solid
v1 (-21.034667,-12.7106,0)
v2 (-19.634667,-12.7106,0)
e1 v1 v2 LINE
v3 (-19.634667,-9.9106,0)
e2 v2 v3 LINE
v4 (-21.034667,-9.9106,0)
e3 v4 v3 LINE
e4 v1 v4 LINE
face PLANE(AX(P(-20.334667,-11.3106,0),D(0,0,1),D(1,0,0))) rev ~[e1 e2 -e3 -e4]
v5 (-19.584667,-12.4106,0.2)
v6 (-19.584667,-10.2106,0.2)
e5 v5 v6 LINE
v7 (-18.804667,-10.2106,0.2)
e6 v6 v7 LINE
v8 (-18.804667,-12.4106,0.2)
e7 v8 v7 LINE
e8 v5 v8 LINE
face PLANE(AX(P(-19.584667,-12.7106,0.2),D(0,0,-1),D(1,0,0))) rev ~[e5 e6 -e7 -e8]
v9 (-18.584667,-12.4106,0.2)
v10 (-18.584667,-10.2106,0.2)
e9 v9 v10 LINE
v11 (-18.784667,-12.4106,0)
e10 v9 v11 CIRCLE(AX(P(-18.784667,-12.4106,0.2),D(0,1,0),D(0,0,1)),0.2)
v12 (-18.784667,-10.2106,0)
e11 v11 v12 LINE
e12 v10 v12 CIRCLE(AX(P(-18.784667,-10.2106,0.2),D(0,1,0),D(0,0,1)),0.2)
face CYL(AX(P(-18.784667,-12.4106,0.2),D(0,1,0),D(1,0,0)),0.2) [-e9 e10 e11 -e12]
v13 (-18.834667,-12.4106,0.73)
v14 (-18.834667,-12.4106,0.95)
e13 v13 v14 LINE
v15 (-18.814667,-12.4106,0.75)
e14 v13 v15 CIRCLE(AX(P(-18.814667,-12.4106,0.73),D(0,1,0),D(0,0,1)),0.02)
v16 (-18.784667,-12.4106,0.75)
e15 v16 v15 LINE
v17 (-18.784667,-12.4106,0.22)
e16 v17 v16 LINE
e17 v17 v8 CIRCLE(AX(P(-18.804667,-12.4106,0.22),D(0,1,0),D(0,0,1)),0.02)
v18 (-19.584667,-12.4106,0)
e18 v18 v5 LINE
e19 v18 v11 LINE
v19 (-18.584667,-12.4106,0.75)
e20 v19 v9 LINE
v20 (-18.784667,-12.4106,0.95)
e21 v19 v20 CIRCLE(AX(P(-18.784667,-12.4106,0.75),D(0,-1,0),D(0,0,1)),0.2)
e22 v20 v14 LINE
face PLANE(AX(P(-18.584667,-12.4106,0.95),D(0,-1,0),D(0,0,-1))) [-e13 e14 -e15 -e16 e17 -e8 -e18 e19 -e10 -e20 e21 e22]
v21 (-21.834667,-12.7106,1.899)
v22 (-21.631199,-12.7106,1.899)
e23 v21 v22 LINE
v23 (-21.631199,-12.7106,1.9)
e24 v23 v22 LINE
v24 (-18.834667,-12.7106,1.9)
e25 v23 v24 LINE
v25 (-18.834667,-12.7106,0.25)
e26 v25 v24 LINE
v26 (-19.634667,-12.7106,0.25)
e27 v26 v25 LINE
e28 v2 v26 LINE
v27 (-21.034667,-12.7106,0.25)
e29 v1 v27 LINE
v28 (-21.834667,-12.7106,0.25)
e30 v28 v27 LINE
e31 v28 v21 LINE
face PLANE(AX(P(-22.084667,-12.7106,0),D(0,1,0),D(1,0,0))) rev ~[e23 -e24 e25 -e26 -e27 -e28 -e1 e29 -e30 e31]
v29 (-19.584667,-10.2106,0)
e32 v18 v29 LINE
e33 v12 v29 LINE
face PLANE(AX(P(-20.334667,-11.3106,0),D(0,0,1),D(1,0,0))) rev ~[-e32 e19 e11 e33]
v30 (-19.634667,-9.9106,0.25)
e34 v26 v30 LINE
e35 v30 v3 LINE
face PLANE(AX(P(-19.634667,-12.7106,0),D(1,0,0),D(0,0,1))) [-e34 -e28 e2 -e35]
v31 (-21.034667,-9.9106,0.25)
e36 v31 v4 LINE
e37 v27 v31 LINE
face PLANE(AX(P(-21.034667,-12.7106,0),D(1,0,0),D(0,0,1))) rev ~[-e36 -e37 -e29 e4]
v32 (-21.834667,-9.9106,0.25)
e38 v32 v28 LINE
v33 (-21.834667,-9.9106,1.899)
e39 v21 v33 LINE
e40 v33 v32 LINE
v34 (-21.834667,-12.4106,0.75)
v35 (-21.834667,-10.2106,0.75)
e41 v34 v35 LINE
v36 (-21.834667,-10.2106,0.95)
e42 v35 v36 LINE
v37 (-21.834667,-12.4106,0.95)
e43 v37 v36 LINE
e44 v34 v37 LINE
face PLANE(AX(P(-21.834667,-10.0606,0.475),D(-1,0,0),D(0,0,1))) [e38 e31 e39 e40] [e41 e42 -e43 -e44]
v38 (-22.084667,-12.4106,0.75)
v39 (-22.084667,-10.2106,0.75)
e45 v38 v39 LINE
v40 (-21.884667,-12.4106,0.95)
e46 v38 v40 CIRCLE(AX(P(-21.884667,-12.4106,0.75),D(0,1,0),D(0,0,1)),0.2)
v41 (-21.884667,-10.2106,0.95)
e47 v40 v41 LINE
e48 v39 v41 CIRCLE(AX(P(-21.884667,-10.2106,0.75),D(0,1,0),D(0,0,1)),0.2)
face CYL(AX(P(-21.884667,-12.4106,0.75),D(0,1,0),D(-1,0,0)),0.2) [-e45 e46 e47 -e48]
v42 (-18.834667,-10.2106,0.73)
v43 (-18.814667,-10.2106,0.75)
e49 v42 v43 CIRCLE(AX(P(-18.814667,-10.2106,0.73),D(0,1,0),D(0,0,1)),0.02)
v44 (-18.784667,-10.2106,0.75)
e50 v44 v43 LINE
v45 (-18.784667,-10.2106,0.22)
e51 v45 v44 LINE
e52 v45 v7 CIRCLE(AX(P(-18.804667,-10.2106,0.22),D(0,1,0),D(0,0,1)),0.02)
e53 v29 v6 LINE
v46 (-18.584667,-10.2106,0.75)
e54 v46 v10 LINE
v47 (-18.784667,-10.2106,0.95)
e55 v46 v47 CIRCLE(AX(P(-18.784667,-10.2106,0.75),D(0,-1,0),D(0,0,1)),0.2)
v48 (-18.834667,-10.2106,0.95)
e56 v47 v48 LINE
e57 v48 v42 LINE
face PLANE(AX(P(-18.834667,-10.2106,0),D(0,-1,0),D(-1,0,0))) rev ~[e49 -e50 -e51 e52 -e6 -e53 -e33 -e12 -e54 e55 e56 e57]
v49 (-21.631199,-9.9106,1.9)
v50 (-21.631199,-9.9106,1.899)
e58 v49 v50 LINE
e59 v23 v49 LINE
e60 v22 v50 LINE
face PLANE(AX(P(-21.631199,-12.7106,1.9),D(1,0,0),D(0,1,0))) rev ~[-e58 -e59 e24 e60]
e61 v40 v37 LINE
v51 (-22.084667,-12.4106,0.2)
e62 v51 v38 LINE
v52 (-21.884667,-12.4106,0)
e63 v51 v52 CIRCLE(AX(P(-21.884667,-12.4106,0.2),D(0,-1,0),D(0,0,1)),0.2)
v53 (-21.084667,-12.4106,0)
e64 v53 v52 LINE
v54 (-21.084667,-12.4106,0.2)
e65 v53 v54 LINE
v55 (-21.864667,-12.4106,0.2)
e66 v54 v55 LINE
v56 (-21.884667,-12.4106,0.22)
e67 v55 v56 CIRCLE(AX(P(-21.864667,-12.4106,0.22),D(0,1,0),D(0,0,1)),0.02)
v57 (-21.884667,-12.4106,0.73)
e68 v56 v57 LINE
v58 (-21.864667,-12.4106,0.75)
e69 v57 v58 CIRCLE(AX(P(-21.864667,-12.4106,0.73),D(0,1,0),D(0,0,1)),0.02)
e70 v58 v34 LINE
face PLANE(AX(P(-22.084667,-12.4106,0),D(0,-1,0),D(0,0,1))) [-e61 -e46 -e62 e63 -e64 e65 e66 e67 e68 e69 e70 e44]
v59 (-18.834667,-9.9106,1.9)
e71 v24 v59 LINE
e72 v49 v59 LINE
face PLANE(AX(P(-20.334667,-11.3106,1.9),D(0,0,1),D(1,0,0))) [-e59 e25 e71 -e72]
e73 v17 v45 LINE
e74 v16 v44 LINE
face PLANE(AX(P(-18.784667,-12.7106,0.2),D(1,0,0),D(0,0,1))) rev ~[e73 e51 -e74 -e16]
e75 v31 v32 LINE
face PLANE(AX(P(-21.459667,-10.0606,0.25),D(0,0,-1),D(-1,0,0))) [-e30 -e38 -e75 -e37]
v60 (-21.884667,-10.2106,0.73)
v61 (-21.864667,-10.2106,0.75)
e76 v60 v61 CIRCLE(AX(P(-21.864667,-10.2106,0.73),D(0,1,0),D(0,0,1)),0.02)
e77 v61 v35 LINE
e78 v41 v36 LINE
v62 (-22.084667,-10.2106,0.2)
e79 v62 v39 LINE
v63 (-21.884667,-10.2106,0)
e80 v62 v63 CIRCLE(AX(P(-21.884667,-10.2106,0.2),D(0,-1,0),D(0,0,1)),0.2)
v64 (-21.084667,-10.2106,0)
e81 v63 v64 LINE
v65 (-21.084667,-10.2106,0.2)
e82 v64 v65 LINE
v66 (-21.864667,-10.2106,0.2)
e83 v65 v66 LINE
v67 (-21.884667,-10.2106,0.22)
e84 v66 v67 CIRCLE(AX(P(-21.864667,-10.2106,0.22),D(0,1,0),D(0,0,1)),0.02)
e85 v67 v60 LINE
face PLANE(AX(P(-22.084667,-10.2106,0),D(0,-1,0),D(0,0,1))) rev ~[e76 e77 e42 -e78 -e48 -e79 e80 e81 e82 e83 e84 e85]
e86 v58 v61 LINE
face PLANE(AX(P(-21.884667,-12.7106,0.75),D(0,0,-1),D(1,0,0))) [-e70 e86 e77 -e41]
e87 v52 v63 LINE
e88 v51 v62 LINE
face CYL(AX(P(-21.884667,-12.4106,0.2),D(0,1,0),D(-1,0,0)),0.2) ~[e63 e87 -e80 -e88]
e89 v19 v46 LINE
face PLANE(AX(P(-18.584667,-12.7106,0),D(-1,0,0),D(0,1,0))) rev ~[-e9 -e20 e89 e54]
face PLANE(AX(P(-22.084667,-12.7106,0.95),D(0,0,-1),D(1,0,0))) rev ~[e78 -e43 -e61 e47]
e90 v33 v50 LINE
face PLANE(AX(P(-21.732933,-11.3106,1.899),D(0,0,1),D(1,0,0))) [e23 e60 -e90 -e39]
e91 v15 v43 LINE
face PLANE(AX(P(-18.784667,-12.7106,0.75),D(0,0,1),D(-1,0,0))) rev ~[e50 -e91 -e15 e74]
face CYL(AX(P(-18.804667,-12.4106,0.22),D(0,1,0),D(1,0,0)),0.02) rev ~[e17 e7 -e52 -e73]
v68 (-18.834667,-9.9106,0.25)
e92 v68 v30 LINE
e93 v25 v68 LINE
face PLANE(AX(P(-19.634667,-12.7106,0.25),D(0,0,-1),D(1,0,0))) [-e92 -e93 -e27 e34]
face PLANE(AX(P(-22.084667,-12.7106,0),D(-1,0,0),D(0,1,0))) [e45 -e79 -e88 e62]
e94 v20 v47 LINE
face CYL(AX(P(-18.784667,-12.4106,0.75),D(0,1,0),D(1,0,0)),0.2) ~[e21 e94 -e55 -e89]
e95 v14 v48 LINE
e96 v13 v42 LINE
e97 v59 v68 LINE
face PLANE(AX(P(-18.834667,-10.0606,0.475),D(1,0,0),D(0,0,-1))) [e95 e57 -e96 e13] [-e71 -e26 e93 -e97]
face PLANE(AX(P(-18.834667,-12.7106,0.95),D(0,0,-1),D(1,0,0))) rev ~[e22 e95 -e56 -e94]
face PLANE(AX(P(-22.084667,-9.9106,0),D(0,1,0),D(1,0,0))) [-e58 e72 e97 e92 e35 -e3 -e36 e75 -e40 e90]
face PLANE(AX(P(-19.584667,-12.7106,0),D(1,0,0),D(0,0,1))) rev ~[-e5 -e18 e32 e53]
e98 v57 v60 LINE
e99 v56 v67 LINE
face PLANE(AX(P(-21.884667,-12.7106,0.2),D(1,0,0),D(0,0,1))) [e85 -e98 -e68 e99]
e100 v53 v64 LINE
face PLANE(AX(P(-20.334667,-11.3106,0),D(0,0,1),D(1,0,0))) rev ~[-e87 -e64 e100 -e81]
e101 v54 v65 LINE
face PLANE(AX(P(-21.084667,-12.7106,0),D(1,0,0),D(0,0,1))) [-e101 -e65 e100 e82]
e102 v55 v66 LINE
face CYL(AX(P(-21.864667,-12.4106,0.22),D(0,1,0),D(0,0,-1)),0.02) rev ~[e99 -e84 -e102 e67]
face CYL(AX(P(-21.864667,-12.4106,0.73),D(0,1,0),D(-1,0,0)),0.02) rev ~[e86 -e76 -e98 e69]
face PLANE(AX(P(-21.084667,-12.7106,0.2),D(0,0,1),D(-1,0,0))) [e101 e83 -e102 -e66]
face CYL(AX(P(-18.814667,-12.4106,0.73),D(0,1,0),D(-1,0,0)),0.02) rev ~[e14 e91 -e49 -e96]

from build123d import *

# Parameters (mm, degrees)
SKETCH_1_W          = 3.5
SKETCH_1_H          = 2.8
EXTRUDE_1_DEPTH     = 1.9
CUT_EXTRUDE_2_REACH = 24.342
SKETCH_3_W          = 0.25
SKETCH_3_H          = 0.95
SKETCH_4_W          = 0.95
SKETCH_4_H          = 0.3
CUT_EXTRUDE_3_DEPTH = 0.25
SKETCH_5_W          = 0.95
SKETCH_5_H          = 0.3
CUT_EXTRUDE_4_DEPTH = 0.25
SKETCH_6_W          = 0.05
SKETCH_6_H          = 0.25
CUT_EXTRUDE_5_DEPTH = 23.342392493
SKETCH_7_W          = 0.75
SKETCH_7_H          = 0.3
CUT_EXTRUDE_6_DEPTH = 0.25
FILLET_1_R          = 0.2
CUT_EXTRUDE_7_DEPTH = 23.342392493
FILLET_2_R          = 0.02
SKETCH_9_W          = 0.203467288
SKETCH_9_H          = 2.8
CUT_EXTRUDE_8_DEPTH = 0.001


with BuildPart() as part:
    # 草图1 → 凸台-拉伸1 (new body)
    with BuildSketch(Plane.XY):
        with Locations((-20.334666678, -11.310599527)):
            Rectangle(SKETCH_1_W, SKETCH_1_H)
    extrude(amount=EXTRUDE_1_DEPTH)

    # 草图3 → 切除-拉伸2 (cut, up to next)
    with BuildSketch(Plane.XZ.offset(12.710599527), mode=Mode.PRIVATE) as cut_extrude_2_sk1:
        with Locations((-21.959666678, 1.425)):
            Rectangle(SKETCH_3_W, SKETCH_3_H)
    cut_extrude_2_tool1 = extrude(cut_extrude_2_sk1.sketch, amount=-CUT_EXTRUDE_2_REACH, mode=Mode.PRIVATE) & part.part
    # 草图3 → 切除-拉伸2 (cut, up to next)
    with BuildSketch(Plane.XZ.offset(12.710599527), mode=Mode.PRIVATE) as cut_extrude_2_sk2:
        with Locations((-18.709666678, 1.425)):
            Rectangle(SKETCH_3_W, SKETCH_3_H)
    cut_extrude_2_tool2 = extrude(cut_extrude_2_sk2.sketch, amount=-CUT_EXTRUDE_2_REACH, mode=Mode.PRIVATE) & part.part
    add(cut_extrude_2_tool1.solids().sort_by_distance((-21.959667, -12.7106, 1.425))[0], mode=Mode.SUBTRACT)
    add(cut_extrude_2_tool2.solids().sort_by_distance((-18.709667, -12.7106, 1.425))[0], mode=Mode.SUBTRACT)

    # 草图4 → 切除-拉伸3 (cut)
    with BuildSketch(Plane.ZY.offset(22.084666678)):
        with Locations((0.475, -12.560599527)):
            Rectangle(SKETCH_4_W, SKETCH_4_H)
        with Locations((0.475, -10.060599527)):
            Rectangle(SKETCH_4_W, SKETCH_4_H)
    extrude(amount=-CUT_EXTRUDE_3_DEPTH, mode=Mode.SUBTRACT)

    # 草图5 → 切除-拉伸4 (cut)
    with BuildSketch(Plane(origin=(-18.584666678, 0, 0), x_dir=(0, 0, -1), z_dir=(1, 0, 0))):
        with Locations((-0.475, -10.060599527)):
            Rectangle(SKETCH_5_W, SKETCH_5_H)
        with Locations((-0.475, -12.560599527)):
            Rectangle(SKETCH_5_W, SKETCH_5_H)
    extrude(amount=-CUT_EXTRUDE_4_DEPTH, mode=Mode.SUBTRACT)

    # 草图6 → 切除-拉伸5 (cut, through all)
    with BuildSketch(Plane.XZ.offset(12.710599527)):
        with Locations((-19.609666678, 0.125)):
            Rectangle(SKETCH_6_W, SKETCH_6_H)
        with Locations((-21.059666678, 0.125)):
            Rectangle(SKETCH_6_W, SKETCH_6_H)
    extrude(amount=-CUT_EXTRUDE_5_DEPTH, mode=Mode.SUBTRACT)

    # 草图7 → 切除-拉伸6 (cut)
    with BuildSketch(Plane(origin=(0, 0, 0), x_dir=(-1, 0, 0), z_dir=(0, 0, -1))):
        with Locations((19.209666678, -12.560599527)):
            Rectangle(SKETCH_7_W, SKETCH_7_H)
        with Locations((21.459666678, -12.560599527)):
            Rectangle(SKETCH_7_W, SKETCH_7_H)
        with Locations((19.209666678, -10.060599527)):
            Rectangle(SKETCH_7_W, SKETCH_7_H)
        with Locations((21.459666678, -10.060599527)):
            Rectangle(SKETCH_7_W, SKETCH_7_H)
    extrude(amount=-CUT_EXTRUDE_6_DEPTH, mode=Mode.SUBTRACT)

    # 圆角1
    fillet_1_edges = [part.edges().sort_by_distance(p)[0] for p in [
        (-22.084666678, -11.310599527, 0.95),
        (-22.084666678, -11.310599527, 0),
        (-18.584666678, -11.310599527, 0.95),
        (-18.584666678, -11.310599527, 0),
    ]]
    fillet(fillet_1_edges, radius=FILLET_1_R)

    # 草图8 → 切除-拉伸7 (cut, through all)
    with BuildSketch(Plane.XZ.offset(12.710599527)):
        Polygon((-21.084666678, 0.2), (-21.884666678, 0.2), (-21.884666678, 0.75), (-21.834666678, 0.75), (-21.834666678, 0.25), (-21.084666678, 0.25), align=None)
        Polygon((-19.584666678, 0.25), (-19.584666678, 0.2), (-18.784666678, 0.2), (-18.784666678, 0.75), (-18.834666678, 0.75), (-18.834666678, 0.25), align=None)
    extrude(amount=-CUT_EXTRUDE_7_DEPTH, mode=Mode.SUBTRACT)

    # 圆角2
    fillet_2_edges = [part.edges().sort_by_distance(p)[0] for p in [
        (-21.884666678, -11.310599527, 0.2),
        (-21.884666678, -11.310599527, 0.75),
        (-18.834666678, -11.310599527, 0.75),
        (-18.784666678, -11.310599527, 0.2),
    ]]
    fillet(fillet_2_edges, radius=FILLET_2_R)

    # 草图9 → 切除-拉伸8 (cut)
    with BuildSketch(Plane.XY.offset(1.9)):
        with Locations((-21.732933034, -11.310599527)):
            Rectangle(SKETCH_9_W, SKETCH_9_H)
    extrude(amount=-CUT_EXTRUDE_8_DEPTH, mode=Mode.SUBTRACT)


solid = part.part
